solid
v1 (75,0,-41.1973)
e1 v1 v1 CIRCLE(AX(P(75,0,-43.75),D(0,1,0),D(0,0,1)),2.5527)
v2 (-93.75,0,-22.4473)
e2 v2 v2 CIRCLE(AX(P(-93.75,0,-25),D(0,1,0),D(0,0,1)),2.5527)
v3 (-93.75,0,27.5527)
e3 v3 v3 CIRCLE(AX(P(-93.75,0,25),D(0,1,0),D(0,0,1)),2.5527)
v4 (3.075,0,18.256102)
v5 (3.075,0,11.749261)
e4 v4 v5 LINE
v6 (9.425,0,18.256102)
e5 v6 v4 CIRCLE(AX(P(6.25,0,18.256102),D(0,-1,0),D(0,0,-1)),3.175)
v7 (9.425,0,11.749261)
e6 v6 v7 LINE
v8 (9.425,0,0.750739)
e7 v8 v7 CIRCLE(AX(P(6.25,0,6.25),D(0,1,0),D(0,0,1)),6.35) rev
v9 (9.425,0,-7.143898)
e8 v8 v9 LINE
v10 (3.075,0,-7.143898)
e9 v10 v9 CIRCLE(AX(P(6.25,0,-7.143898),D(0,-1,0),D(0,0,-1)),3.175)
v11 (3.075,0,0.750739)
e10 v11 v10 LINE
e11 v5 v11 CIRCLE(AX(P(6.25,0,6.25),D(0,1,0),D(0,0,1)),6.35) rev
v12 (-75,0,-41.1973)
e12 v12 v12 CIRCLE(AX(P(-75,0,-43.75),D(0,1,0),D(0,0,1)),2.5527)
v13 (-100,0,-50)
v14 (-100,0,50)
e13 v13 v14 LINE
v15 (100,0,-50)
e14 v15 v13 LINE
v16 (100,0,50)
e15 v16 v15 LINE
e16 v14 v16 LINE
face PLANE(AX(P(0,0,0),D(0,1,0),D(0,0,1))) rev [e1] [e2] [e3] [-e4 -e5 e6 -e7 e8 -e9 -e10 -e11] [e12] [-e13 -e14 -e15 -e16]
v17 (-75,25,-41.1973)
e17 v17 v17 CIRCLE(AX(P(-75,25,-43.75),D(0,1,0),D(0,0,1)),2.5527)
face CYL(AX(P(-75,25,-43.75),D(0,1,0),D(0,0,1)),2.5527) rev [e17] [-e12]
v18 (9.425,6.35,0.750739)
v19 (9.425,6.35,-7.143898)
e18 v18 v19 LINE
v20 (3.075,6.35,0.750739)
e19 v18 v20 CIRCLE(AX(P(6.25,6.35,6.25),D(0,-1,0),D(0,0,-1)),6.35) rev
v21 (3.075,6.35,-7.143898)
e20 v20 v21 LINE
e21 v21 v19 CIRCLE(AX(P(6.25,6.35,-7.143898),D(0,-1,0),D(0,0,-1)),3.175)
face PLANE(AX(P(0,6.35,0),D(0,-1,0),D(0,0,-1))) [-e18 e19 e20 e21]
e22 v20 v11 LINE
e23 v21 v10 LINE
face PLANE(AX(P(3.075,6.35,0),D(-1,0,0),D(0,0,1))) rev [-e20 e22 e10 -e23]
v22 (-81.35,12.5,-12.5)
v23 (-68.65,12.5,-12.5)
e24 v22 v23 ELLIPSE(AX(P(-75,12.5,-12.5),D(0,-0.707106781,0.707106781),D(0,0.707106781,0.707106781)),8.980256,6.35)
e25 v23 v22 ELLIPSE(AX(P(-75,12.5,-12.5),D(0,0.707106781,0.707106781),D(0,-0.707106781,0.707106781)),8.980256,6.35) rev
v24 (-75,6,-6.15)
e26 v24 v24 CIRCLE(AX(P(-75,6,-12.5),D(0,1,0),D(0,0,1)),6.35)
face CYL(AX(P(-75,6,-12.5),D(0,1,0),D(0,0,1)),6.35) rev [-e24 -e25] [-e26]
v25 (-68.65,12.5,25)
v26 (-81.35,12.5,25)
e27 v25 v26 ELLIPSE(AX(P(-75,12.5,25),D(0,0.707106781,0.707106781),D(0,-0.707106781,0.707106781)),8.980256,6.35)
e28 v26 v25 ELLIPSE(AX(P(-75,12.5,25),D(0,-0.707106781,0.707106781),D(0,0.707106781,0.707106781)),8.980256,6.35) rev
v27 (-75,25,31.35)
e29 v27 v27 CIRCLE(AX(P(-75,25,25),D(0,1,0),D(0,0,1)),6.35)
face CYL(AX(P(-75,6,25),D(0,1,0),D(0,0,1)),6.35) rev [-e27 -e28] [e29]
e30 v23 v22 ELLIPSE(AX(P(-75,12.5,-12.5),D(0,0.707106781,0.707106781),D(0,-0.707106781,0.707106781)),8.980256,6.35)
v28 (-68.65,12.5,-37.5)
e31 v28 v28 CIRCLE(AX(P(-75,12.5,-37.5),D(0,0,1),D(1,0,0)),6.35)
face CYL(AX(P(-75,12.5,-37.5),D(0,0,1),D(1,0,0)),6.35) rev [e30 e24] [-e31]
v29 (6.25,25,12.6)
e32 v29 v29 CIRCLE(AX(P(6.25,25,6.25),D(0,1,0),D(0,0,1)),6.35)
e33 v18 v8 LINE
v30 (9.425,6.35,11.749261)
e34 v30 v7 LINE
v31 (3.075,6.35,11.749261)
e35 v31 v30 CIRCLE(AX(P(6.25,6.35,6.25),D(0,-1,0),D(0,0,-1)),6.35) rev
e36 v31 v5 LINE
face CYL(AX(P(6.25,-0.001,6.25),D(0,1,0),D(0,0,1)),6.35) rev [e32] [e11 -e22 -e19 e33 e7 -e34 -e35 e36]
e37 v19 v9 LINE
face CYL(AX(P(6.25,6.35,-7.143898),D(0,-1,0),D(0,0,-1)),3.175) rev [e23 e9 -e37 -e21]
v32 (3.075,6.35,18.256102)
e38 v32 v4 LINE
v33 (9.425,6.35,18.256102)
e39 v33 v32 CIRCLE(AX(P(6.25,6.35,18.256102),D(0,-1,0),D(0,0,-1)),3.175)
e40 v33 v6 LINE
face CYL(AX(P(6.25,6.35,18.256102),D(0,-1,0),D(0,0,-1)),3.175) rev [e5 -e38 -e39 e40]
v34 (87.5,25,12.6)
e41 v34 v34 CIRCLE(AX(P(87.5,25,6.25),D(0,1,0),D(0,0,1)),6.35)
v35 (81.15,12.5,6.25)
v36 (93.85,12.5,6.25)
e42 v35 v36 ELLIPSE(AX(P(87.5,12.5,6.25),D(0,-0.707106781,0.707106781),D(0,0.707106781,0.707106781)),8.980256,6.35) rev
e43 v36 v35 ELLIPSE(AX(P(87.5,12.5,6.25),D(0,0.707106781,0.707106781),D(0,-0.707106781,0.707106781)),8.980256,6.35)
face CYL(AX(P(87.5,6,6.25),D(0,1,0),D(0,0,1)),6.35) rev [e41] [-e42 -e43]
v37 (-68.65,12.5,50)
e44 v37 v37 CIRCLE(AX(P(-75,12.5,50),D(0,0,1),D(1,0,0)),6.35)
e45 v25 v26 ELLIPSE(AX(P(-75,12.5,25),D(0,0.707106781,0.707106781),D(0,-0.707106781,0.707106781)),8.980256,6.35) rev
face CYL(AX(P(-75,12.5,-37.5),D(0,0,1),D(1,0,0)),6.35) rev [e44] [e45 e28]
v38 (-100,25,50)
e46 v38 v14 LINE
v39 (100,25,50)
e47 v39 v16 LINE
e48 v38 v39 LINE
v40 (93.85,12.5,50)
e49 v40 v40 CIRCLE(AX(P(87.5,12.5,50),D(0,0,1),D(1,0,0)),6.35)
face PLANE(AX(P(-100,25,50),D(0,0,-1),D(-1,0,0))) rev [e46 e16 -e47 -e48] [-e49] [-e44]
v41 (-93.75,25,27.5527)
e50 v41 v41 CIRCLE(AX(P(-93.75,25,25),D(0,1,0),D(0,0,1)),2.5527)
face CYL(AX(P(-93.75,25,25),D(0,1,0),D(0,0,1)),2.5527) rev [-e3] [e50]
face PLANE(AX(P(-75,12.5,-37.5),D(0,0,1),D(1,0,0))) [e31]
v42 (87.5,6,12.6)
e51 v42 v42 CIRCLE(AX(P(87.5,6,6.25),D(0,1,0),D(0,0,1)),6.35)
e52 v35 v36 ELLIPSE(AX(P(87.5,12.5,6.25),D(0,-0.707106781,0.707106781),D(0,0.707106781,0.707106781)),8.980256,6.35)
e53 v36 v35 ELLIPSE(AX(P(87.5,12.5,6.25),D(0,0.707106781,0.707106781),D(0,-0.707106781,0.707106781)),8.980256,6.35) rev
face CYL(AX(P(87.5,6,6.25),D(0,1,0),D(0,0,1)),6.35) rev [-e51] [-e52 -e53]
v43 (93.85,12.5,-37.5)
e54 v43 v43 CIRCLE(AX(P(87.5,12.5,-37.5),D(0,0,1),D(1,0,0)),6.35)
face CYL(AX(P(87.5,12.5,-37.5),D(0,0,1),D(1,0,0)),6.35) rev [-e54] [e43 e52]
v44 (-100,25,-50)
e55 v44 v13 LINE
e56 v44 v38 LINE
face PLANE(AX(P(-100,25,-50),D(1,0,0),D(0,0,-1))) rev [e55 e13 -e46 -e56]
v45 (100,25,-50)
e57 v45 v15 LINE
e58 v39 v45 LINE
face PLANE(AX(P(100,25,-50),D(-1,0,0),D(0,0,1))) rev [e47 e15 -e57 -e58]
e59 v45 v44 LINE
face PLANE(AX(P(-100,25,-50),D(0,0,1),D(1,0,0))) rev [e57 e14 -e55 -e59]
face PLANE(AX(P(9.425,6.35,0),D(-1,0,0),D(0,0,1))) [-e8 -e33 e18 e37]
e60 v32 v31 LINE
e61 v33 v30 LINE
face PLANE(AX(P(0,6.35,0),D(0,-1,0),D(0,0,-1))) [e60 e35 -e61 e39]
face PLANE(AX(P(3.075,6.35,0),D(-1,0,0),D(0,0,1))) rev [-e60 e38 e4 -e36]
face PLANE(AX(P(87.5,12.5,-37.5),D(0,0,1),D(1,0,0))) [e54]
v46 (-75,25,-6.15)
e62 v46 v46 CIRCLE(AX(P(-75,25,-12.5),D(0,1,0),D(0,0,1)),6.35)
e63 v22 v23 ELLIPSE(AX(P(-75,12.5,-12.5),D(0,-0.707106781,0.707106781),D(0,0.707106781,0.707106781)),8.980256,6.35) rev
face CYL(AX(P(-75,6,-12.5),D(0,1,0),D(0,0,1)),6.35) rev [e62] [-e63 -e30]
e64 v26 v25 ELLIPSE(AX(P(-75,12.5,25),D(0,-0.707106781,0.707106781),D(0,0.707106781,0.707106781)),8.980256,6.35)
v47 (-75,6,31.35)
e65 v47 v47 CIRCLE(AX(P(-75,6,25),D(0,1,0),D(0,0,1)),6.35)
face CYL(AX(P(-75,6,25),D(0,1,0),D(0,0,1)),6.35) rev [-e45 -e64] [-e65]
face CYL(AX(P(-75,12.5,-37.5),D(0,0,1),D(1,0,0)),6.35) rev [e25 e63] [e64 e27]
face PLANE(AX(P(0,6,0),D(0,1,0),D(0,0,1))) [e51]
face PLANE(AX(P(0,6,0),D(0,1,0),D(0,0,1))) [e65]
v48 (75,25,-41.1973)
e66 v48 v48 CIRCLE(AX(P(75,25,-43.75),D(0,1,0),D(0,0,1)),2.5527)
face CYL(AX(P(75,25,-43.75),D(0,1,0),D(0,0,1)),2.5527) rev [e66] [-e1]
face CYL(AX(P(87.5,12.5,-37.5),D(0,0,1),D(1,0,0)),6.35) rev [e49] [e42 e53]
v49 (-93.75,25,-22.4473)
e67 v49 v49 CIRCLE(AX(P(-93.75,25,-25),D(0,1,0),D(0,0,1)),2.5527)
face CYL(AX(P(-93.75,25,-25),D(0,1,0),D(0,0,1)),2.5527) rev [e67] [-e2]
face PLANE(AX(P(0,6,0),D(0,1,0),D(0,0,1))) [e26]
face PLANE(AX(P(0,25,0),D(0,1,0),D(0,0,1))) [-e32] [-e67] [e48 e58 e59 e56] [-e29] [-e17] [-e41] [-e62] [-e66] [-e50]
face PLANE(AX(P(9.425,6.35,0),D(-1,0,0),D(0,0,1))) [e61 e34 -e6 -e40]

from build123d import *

# Parameters (mm, degrees)
SKETCH1_W                   = 200
SKETCH1_H                   = 100
BOSS_EXTRUDE1_DEPTH         = 25
SKETCH2_R                   = 6.35
CUT_EXTRUDE1_DEPTH          = 87.5
SKETCH3_R                   = 6.35
CUT_EXTRUDE2_DEPTH          = 19
CUT_EXTRUDE3_REACH          = 27
SKETCH4_R                   = 6.35
CUT_EXTRUDE4_DEPTH          = 6.35
F_1_4_20_TAPPED_HOLE1_D     = 5.1054
F_1_4_20_TAPPED_HOLE1_DEPTH = 25


with BuildPart() as part:
    # Sketch1 → Boss-Extrude1 (new body)
    with BuildSketch(Plane(origin=(0, 0, 0), x_dir=(1, 0, 0), z_dir=(0, 1, 0))):
        Rectangle(SKETCH1_W, SKETCH1_H)
    extrude(amount=BOSS_EXTRUDE1_DEPTH)

    # Sketch2 → Cut-Extrude1 (cut)
    with BuildSketch(Plane.XY.offset(50)):
        with Locations((-75, 12.5)):
            Circle(SKETCH2_R)
        with Locations((87.500000108, 12.5)):
            Circle(SKETCH2_R)
    extrude(amount=-CUT_EXTRUDE1_DEPTH, mode=Mode.SUBTRACT)

    # Sketch3 → Cut-Extrude2 (cut)
    with BuildSketch(Plane(origin=(0, 25, 0), x_dir=(1, 0, 0), z_dir=(0, 1, 0))):
        with Locations((-75, 12.5)):
            Circle(SKETCH3_R)
        with Locations((-75, -25)):
            Circle(SKETCH3_R)
        with Locations((87.500000108, -6.25)):
            Circle(SKETCH3_R)
    extrude(amount=-CUT_EXTRUDE2_DEPTH, mode=Mode.SUBTRACT)

    # Sketch4 → Cut-Extrude3 (cut, up to next)
    with BuildSketch(Plane(origin=(0, 25, 0), x_dir=(1, 0, 0), z_dir=(0, 1, 0)), mode=Mode.PRIVATE) as cut_extrude3_sk1:
        with Locations((6.25, -6.25)):
            Circle(SKETCH4_R)
    cut_extrude3_tool1 = extrude(cut_extrude3_sk1.sketch, amount=-CUT_EXTRUDE3_REACH, mode=Mode.PRIVATE) & part.part
    add(cut_extrude3_tool1.solids().sort_by_distance((6.25, 25, 6.25))[0], mode=Mode.SUBTRACT)

    # Sketch5 → Cut-Extrude4 (cut)
    with BuildSketch(Plane(origin=(0, 0, 0), x_dir=(-1, 0, 0), z_dir=(0, -1, 0))):
        with BuildLine():
            Line((-9.425, 7.143897512), (-9.425, -0.750738686))
            ThreePointArc((-9.425, -0.750738686), (-6.25, 0.1), (-3.075, -0.750738686))
            Line((-3.075, -0.750738686), (-3.075, 7.143897512))
            ThreePointArc((-3.075, 7.143897512), (-6.25, 10.318897512), (-9.425, 7.143897512))
        make_face()
        with BuildLine():
            Line((-9.425, -11.749261314), (-9.425, -18.256102488))
            ThreePointArc((-9.425, -18.256102488), (-6.25, -21.431102488), (-3.075, -18.256102488))
            Line((-3.075, -18.256102488), (-3.075, -11.749261314))
            ThreePointArc((-3.075, -11.749261314), (-6.25, -12.6), (-9.425, -11.749261314))
        make_face()
    extrude(amount=-CUT_EXTRUDE4_DEPTH, mode=Mode.SUBTRACT)

    # 1/4-20 Tapped Hole1
    with Locations(Plane(origin=(-75, 25, -43.75), x_dir=(0, 0, 1), z_dir=(0, 1, 0))):
        with Locations((0, 0), (0, 150), (18.75, -18.75), (68.75, -18.75)):
            Hole(F_1_4_20_TAPPED_HOLE1_D / 2, depth=F_1_4_20_TAPPED_HOLE1_DEPTH)


solid = part.part
